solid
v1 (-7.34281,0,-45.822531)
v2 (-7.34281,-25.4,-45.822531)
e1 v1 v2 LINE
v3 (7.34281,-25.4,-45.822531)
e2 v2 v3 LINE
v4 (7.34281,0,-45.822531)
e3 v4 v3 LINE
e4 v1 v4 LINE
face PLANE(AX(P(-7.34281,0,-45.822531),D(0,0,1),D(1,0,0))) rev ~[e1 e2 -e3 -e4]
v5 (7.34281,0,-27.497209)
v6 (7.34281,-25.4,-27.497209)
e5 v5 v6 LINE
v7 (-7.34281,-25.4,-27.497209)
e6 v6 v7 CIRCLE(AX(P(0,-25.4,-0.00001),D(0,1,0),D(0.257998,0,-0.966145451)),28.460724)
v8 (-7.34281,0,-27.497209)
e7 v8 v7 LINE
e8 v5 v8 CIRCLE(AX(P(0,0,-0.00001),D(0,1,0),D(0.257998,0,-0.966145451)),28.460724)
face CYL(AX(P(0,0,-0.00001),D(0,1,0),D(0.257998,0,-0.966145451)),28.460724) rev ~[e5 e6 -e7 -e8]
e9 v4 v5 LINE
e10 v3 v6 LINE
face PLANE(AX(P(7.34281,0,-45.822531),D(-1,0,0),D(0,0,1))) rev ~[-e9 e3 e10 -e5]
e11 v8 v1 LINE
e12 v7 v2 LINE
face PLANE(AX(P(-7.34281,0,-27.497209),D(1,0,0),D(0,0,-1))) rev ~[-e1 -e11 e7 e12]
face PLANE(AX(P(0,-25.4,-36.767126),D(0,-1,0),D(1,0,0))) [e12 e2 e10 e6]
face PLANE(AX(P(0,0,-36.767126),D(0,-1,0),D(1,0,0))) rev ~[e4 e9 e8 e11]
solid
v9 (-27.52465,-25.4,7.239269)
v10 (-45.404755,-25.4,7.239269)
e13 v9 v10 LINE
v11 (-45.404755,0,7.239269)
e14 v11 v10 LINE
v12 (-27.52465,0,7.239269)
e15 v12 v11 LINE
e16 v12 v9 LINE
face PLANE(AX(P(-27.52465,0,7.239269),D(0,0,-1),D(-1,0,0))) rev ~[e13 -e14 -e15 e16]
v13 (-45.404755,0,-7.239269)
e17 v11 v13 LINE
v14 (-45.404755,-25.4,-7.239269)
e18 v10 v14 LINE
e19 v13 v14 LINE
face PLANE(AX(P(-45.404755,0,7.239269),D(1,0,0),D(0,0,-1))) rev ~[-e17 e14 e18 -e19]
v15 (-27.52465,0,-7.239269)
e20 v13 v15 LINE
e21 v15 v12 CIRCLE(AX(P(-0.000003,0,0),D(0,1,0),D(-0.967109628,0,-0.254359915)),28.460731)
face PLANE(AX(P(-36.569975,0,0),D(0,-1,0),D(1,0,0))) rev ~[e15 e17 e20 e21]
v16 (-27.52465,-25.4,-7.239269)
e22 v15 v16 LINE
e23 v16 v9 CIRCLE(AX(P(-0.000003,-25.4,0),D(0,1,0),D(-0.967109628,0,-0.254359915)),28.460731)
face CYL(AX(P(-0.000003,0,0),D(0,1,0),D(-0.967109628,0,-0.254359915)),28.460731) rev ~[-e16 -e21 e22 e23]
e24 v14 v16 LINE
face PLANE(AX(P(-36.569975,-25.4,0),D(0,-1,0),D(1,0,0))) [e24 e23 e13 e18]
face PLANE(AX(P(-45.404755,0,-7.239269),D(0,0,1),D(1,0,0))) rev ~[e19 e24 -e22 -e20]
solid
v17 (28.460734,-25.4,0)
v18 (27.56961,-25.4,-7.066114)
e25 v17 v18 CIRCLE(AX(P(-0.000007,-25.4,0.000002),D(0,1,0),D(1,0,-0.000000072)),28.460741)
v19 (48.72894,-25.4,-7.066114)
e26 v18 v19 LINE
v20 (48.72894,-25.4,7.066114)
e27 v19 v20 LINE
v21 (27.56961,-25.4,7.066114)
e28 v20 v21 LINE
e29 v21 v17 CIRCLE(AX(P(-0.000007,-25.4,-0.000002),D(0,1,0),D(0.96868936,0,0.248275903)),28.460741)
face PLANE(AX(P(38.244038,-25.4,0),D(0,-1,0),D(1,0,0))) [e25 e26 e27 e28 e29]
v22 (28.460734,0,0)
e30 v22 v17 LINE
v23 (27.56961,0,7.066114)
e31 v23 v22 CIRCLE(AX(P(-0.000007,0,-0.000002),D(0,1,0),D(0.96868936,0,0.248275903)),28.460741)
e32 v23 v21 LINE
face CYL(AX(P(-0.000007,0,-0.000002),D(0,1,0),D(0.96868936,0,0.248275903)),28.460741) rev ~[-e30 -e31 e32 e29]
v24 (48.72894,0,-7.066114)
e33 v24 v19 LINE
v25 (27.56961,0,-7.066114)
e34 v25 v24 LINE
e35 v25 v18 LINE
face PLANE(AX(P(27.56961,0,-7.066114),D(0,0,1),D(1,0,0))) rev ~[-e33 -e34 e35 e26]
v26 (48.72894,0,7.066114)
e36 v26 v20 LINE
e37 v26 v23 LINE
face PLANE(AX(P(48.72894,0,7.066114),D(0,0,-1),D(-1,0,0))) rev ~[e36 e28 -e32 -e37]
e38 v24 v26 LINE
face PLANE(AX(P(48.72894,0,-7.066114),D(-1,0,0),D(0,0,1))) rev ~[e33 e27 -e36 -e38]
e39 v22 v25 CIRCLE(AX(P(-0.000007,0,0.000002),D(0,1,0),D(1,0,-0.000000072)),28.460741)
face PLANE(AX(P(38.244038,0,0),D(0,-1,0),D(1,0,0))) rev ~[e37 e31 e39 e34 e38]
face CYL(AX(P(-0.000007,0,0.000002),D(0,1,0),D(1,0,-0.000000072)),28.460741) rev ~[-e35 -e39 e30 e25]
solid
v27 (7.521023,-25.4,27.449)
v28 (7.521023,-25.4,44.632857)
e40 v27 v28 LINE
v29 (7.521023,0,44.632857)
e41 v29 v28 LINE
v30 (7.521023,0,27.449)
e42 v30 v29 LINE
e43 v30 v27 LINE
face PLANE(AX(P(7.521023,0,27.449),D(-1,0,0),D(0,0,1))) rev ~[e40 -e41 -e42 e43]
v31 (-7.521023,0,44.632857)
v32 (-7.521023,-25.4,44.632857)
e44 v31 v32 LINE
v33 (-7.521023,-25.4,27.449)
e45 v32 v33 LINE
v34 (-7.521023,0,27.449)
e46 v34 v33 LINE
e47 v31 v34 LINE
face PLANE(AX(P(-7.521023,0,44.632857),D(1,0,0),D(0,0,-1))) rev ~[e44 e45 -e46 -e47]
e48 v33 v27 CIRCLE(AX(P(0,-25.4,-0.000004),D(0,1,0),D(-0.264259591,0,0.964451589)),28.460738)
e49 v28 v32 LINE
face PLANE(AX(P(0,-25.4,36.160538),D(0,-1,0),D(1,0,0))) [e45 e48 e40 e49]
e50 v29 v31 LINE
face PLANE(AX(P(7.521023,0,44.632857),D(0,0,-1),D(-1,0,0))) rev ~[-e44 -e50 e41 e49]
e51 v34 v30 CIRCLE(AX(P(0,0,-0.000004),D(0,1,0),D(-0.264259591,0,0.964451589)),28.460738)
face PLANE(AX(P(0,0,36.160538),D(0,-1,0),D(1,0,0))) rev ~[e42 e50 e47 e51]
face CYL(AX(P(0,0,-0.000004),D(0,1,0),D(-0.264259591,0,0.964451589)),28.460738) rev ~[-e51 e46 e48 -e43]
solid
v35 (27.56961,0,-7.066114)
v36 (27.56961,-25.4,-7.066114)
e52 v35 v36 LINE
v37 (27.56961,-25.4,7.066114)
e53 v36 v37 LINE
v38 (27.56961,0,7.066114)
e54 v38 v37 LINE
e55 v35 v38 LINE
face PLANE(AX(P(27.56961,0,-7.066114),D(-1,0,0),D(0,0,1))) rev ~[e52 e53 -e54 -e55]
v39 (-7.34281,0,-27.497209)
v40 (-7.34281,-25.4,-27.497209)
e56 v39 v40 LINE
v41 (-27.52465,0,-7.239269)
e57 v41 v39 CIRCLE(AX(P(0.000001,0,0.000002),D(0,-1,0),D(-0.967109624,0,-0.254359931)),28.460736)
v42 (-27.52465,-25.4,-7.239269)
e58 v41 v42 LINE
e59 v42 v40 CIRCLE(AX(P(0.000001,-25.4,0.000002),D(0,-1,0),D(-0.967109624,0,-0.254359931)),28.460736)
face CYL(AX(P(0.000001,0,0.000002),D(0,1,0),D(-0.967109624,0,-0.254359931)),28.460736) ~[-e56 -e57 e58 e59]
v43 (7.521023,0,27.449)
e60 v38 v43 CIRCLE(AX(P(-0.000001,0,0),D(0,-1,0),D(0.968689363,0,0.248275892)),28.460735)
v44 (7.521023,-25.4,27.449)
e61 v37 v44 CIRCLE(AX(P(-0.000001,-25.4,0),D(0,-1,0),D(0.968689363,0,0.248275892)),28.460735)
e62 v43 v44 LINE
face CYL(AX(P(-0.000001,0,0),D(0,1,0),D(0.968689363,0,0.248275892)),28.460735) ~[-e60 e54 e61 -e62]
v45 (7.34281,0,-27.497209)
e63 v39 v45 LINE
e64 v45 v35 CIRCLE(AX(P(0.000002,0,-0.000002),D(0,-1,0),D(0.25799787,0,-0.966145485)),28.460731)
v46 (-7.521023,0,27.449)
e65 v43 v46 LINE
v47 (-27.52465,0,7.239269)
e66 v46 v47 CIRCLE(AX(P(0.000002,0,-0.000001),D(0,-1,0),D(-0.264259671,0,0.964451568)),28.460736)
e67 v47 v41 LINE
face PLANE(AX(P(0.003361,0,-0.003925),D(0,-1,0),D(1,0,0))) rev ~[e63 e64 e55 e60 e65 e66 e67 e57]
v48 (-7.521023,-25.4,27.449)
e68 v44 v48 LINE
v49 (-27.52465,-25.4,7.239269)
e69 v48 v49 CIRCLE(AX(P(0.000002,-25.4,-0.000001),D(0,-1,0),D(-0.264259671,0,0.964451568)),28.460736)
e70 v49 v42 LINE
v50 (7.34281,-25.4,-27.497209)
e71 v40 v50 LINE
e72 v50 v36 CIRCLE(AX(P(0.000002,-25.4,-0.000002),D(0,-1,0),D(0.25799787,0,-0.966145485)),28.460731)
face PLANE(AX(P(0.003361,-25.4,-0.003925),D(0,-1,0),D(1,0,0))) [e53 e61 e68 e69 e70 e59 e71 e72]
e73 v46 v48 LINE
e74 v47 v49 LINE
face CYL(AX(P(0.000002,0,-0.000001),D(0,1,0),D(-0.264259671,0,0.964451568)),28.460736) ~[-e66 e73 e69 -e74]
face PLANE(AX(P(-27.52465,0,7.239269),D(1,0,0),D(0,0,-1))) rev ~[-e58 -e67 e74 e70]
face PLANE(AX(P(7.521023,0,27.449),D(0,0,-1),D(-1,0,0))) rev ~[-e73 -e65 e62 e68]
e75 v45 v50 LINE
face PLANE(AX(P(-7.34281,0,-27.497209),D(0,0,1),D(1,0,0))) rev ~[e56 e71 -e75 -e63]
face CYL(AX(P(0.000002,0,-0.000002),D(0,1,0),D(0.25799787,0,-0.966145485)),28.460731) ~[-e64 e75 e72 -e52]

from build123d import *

# Parameters (mm, degrees)
F1_DEPTH = 25.4


with BuildPart() as f1:
    # F0 (on Front) → F1 (new body)
    with BuildSketch(Plane.XZ):
        with BuildLine():
            ThreePointArc((-7.521023, 27.449), (0, 28.460734), (7.521023, 27.449))
            Line((7.521023, 27.449), (7.521023, 44.632857))
            Line((7.521023, 44.632857), (-7.521023, 44.632857))
            Line((-7.521023, 44.632857), (-7.521023, 27.449))
        make_face()
        with BuildLine():
            Line((27.56961, -7.066114), (27.56961, 7.066114))
            ThreePointArc((27.56961, 7.066114), (20.290481, 19.957699), (7.521023, 27.449))
            Line((7.521023, 27.449), (-7.521023, 27.449))
            ThreePointArc((-7.521023, 27.449), (-20.227657, 20.02137), (-27.52465, 7.239269))
            Line((-27.52465, 7.239269), (-27.52465, -7.239269))
            ThreePointArc((-27.52465, -7.239269), (-20.162613, -20.086871), (-7.34281, -27.497209))
            Line((-7.34281, -27.497209), (7.34281, -27.497209))
            ThreePointArc((7.34281, -27.497209), (20.225644, -20.023404), (27.56961, -7.066114))
        make_face()
        with BuildLine():
            ThreePointArc((27.56961, 7.066114), (28.237074, 3.561042), (28.460734, 0))
            ThreePointArc((28.460734, 0), (28.237074, -3.561042), (27.56961, -7.066114))
            Line((27.56961, -7.066114), (48.72894, -7.066114))
            Line((48.72894, -7.066114), (48.72894, 7.066114))
            Line((48.72894, 7.066114), (27.56961, 7.066114))
        make_face()
        with BuildLine():
            Line((7.34281, -45.822531), (7.34281, -27.497209))
            ThreePointArc((7.34281, -27.497209), (0, -28.460734), (-7.34281, -27.497209))
            Line((-7.34281, -27.497209), (-7.34281, -45.822531))
            Line((-7.34281, -45.822531), (7.34281, -45.822531))
        make_face()
        with BuildLine():
            ThreePointArc((-27.52465, -7.239269), (-28.460734, 0), (-27.52465, 7.239269))
            Line((-27.52465, 7.239269), (-45.404755, 7.239269))
            Line((-45.404755, 7.239269), (-45.404755, -7.239269))
            Line((-45.404755, -7.239269), (-27.52465, -7.239269))
        make_face()
    extrude(amount=F1_DEPTH)


solid = f1.part
